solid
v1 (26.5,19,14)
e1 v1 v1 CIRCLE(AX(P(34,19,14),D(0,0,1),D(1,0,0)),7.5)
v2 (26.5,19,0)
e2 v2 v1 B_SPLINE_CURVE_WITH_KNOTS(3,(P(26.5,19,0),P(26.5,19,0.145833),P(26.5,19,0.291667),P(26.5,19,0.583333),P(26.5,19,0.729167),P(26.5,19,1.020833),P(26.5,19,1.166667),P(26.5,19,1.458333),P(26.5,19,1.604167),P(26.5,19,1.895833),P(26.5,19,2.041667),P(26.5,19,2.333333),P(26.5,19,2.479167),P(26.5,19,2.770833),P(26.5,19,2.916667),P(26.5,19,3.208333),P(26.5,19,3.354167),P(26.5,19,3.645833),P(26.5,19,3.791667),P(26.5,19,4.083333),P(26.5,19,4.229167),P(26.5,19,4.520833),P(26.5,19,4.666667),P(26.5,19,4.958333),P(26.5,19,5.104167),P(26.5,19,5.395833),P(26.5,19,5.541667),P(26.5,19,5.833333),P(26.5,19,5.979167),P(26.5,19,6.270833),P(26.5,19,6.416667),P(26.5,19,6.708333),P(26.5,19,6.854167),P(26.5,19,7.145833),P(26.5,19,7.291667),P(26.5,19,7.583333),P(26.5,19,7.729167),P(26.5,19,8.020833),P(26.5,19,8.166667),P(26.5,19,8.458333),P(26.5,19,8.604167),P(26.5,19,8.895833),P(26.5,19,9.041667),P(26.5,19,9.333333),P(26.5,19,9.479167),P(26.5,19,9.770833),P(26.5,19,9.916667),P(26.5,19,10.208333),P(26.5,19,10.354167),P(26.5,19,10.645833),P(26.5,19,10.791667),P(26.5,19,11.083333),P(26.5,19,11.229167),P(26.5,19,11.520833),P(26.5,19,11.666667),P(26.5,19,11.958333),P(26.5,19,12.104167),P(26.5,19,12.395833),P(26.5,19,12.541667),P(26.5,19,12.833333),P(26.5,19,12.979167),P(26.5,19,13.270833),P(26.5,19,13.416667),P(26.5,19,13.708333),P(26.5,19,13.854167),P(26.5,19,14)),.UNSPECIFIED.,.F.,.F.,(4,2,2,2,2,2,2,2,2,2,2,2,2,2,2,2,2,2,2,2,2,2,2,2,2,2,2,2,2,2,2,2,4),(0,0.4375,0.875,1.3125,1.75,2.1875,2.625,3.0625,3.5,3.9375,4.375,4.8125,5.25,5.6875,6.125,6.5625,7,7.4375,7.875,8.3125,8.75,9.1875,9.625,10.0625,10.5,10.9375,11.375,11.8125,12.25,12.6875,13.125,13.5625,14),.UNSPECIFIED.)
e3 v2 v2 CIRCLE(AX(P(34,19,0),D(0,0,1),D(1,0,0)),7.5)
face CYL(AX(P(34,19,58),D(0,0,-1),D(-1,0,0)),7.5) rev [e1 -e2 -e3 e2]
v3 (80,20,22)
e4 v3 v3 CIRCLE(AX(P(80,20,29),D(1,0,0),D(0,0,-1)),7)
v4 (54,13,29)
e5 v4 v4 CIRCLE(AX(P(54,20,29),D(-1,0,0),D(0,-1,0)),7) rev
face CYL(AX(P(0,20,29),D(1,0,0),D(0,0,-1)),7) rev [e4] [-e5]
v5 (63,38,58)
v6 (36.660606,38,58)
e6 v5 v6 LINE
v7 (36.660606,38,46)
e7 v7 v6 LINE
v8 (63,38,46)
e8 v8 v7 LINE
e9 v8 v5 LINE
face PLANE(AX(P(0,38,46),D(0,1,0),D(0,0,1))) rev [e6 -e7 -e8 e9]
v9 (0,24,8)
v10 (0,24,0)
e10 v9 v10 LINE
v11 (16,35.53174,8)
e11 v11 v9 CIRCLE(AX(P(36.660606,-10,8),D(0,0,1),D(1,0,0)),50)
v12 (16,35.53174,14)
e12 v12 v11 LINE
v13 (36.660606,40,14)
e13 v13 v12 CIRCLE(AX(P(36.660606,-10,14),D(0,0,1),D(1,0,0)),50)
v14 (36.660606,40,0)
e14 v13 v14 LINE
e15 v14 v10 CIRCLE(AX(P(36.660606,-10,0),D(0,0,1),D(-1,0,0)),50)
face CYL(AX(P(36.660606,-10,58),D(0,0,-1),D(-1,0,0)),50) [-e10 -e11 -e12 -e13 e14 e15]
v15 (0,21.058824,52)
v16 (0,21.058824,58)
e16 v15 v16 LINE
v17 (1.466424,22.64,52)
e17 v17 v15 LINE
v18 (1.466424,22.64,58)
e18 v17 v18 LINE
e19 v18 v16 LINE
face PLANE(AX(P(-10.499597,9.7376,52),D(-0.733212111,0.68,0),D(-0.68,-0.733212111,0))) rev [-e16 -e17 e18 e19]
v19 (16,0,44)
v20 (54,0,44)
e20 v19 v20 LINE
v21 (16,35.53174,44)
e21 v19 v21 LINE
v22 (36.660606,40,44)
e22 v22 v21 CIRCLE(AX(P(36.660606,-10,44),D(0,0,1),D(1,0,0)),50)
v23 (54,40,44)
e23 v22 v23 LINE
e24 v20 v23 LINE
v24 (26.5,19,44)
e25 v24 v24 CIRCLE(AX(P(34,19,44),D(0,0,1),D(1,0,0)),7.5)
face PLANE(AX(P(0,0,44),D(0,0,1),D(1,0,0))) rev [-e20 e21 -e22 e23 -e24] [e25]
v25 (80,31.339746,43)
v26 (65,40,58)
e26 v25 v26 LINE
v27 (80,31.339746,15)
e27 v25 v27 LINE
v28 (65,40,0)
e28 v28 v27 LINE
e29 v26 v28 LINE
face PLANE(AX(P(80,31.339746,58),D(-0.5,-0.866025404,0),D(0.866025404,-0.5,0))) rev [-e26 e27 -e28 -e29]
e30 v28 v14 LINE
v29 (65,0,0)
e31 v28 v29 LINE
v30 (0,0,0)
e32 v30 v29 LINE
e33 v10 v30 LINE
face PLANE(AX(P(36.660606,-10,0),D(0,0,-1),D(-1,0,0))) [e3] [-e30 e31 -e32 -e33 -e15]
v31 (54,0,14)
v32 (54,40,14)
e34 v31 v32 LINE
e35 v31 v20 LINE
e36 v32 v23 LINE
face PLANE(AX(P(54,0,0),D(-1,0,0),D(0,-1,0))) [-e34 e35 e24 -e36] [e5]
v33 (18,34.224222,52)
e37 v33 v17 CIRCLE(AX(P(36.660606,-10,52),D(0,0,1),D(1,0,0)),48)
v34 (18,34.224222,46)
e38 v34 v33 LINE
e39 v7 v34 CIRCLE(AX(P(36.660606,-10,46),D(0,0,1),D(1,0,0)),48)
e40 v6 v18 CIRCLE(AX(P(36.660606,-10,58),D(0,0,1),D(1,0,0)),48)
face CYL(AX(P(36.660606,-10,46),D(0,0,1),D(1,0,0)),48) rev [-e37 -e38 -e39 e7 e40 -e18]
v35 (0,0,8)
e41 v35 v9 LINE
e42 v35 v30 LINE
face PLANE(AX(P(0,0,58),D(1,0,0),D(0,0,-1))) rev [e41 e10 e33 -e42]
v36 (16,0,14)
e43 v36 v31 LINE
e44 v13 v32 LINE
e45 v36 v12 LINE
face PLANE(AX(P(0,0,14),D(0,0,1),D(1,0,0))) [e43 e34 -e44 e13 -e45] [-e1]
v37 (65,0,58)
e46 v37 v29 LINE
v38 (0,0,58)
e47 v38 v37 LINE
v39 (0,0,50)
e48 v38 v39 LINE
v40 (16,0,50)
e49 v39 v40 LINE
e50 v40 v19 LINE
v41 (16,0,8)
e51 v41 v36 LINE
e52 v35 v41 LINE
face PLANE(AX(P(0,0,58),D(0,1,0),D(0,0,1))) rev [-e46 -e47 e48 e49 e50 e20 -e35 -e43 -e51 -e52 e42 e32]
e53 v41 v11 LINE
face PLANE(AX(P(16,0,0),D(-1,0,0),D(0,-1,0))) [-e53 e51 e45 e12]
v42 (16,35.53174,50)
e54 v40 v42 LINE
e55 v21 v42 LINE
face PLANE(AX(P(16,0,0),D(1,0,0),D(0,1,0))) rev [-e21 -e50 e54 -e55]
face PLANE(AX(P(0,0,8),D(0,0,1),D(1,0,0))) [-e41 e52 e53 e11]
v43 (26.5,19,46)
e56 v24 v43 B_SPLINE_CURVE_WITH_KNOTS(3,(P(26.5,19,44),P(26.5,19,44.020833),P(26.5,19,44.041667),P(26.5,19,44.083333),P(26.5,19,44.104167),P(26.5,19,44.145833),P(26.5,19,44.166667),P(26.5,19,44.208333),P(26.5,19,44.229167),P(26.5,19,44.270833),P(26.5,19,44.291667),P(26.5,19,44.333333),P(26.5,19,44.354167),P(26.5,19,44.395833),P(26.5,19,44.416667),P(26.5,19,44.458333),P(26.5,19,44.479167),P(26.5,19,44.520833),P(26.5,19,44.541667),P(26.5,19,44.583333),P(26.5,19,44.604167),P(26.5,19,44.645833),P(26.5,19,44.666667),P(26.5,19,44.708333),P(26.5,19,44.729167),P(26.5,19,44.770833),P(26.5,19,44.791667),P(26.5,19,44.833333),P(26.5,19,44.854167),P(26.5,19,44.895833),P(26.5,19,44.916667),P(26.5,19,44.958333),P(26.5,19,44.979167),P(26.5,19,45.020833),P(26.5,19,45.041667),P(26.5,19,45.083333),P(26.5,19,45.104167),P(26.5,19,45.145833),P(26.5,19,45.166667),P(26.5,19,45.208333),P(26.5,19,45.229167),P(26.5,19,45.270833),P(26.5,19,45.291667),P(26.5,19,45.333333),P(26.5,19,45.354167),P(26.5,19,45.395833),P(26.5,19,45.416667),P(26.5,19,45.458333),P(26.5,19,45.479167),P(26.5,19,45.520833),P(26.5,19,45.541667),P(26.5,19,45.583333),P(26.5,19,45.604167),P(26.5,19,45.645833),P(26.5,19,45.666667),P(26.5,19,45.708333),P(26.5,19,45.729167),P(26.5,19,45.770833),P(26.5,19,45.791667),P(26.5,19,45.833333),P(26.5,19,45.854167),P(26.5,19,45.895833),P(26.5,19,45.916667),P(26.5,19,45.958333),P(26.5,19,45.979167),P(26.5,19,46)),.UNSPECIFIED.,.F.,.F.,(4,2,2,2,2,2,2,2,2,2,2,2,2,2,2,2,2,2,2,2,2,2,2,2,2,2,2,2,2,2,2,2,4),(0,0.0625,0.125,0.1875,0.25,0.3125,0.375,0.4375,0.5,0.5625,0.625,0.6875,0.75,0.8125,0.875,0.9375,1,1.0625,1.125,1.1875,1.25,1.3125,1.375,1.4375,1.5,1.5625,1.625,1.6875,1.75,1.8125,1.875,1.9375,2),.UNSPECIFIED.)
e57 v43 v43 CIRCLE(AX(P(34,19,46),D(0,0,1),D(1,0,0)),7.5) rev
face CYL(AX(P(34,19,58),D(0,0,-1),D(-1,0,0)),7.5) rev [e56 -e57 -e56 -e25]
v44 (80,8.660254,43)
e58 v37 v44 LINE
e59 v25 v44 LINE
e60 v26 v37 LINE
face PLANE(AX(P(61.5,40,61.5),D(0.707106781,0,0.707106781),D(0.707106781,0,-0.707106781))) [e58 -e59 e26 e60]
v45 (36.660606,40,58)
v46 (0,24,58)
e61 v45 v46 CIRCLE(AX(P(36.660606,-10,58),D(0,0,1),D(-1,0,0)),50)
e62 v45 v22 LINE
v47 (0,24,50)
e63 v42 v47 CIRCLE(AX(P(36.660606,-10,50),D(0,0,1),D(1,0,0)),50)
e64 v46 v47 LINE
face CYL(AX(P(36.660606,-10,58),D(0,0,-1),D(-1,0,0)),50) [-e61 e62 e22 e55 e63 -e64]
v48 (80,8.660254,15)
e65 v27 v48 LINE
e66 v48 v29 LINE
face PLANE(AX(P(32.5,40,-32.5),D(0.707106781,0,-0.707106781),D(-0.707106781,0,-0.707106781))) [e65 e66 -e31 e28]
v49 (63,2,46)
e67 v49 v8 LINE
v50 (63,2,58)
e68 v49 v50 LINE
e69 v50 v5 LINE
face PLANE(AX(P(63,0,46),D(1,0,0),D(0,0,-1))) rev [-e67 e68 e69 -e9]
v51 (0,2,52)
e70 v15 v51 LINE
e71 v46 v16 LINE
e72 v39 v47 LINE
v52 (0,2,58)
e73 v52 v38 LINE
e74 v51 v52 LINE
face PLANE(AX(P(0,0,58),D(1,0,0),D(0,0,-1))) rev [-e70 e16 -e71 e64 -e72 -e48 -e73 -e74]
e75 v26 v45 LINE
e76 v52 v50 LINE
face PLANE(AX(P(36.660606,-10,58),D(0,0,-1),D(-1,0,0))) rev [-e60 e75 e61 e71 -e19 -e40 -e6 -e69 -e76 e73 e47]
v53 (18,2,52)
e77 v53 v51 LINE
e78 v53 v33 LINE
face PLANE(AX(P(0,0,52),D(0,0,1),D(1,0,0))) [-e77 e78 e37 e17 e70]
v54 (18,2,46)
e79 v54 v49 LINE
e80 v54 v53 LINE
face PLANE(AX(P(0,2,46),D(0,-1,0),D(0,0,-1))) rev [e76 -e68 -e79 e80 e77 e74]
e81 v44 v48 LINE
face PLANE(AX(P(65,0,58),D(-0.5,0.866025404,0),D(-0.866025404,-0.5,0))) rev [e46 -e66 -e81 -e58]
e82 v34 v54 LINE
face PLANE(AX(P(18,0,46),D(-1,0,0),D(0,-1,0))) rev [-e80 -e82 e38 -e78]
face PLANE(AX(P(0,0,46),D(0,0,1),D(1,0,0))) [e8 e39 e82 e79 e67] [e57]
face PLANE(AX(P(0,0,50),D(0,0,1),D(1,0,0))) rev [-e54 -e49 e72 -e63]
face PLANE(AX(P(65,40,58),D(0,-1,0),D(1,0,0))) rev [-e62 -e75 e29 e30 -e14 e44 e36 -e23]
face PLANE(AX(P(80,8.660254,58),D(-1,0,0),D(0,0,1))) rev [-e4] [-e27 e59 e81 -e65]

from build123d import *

# Parameters (mm, degrees)
SKETCH1_R           = 7.5
BOSS_EXTRUDE1_DEPTH = 58
CUT_EXTRUDE1_DEPTH  = 107.60206377
SKETCH3_R           = 7
CUT_EXTRUDE2_DEPTH  = 107.60206377
SKETCH5_W           = 17.33939444
SKETCH5_H           = 15
CUT_EXTRUDE3_DEPTH  = 107.602063899
CUT_EXTRUDE4_START  = -12
SKETCH6_R           = 7.5
CUT_EXTRUDE4_DEPTH  = 12
CUT_EXTRUDE5_START  = -6
CUT_EXTRUDE5_DEPTH  = 6


with BuildPart() as part:
    # Sketch1 → Boss-Extrude1 (new body)
    with BuildSketch(Plane.XY):
        with BuildLine():
            Line((0, 0), (65, 0))
            Line((65, 0), (80, 8.660254038))
            Line((80, 8.660254038), (80, 31.339745962))
            Line((80, 31.339745962), (65, 40))
            Line((65, 40), (36.66060556, 40))
            ThreePointArc((36.66060556, 40), (16.66060556, 35.82575695), (0, 24))
            Line((0, 24), (0, 0))
        make_face()
        with Locations(Location((34, 19, 0), (0, 0, 180))):
            Circle(SKETCH1_R, mode=Mode.SUBTRACT)
    extrude(amount=BOSS_EXTRUDE1_DEPTH)

    # Sketch2 → Cut-Extrude1 (cut, through all)
    with BuildSketch(Plane.XZ):
        Polygon((80, 58), (65, 58), (80, 43), align=None)
        Polygon((80, 15), (65, 0), (80, 0), align=None)
    extrude(amount=-CUT_EXTRUDE1_DEPTH, mode=Mode.SUBTRACT)

    # Sketch3 → Cut-Extrude2 (cut, through all)
    with BuildSketch(Plane(origin=(80, 0, 0), x_dir=(0, 0, -1), z_dir=(1, 0, 0))):
        with Locations((-29, 20)):
            Circle(SKETCH3_R)
    extrude(amount=-CUT_EXTRUDE2_DEPTH, mode=Mode.SUBTRACT)

    # Sketch5 → Cut-Extrude3 (cut, through all)
    with BuildSketch(Plane(origin=(0, 40, 0), x_dir=(1, 0, 0), z_dir=(0, 1, 0))):
        Polygon((16, -8), (0, -8), (0, -29), (36.66060556, -29), (36.66060556, -14), (16, -14), align=None)
        with Locations((45.33030278, -21.5)):
            Rectangle(SKETCH5_W, SKETCH5_H)
        with Locations((45.33030278, -36.5)):
            Rectangle(SKETCH5_W, SKETCH5_H)
        Polygon((36.66060556, -29), (0, -29), (0, -50), (16, -50), (16, -44), (36.66060556, -44), align=None)
    extrude(amount=-CUT_EXTRUDE3_DEPTH, mode=Mode.SUBTRACT)

    # Sketch6 → Cut-Extrude4 (cut)
    with BuildSketch(Plane.XY.offset(58).offset(CUT_EXTRUDE4_START)):
        with BuildLine():
            Line((18, 34.224221872), (18, 2))
            Line((18, 2), (63, 2))
            Line((63, 2), (63, 38))
            Line((63, 38), (36.66060556, 38))
            ThreePointArc((36.66060556, 38), (27.141221384, 37.046586751), (18, 34.224221872))
        make_face()
        with Locations(Location((34, 19, 0), (0, 0, 180))):
            Circle(SKETCH6_R, mode=Mode.SUBTRACT)
    extrude(amount=CUT_EXTRUDE4_DEPTH, mode=Mode.SUBTRACT)

    # Sketch7 → Cut-Extrude5 (cut)
    with BuildSketch(Plane.XY.offset(58).offset(CUT_EXTRUDE5_START)):
        with BuildLine():
            Line((18, 2), (18, 34.224221872))
            ThreePointArc((18, 34.224221872), (9.117311148, 29.311155325), (1.466424222, 22.64))
            Line((1.466424222, 22.64), (0, 21.058823529))
            Line((0, 21.058823529), (0, 2))
            Line((0, 2), (18, 2))
        make_face()
    extrude(amount=CUT_EXTRUDE5_DEPTH, mode=Mode.SUBTRACT)


solid = part.part
